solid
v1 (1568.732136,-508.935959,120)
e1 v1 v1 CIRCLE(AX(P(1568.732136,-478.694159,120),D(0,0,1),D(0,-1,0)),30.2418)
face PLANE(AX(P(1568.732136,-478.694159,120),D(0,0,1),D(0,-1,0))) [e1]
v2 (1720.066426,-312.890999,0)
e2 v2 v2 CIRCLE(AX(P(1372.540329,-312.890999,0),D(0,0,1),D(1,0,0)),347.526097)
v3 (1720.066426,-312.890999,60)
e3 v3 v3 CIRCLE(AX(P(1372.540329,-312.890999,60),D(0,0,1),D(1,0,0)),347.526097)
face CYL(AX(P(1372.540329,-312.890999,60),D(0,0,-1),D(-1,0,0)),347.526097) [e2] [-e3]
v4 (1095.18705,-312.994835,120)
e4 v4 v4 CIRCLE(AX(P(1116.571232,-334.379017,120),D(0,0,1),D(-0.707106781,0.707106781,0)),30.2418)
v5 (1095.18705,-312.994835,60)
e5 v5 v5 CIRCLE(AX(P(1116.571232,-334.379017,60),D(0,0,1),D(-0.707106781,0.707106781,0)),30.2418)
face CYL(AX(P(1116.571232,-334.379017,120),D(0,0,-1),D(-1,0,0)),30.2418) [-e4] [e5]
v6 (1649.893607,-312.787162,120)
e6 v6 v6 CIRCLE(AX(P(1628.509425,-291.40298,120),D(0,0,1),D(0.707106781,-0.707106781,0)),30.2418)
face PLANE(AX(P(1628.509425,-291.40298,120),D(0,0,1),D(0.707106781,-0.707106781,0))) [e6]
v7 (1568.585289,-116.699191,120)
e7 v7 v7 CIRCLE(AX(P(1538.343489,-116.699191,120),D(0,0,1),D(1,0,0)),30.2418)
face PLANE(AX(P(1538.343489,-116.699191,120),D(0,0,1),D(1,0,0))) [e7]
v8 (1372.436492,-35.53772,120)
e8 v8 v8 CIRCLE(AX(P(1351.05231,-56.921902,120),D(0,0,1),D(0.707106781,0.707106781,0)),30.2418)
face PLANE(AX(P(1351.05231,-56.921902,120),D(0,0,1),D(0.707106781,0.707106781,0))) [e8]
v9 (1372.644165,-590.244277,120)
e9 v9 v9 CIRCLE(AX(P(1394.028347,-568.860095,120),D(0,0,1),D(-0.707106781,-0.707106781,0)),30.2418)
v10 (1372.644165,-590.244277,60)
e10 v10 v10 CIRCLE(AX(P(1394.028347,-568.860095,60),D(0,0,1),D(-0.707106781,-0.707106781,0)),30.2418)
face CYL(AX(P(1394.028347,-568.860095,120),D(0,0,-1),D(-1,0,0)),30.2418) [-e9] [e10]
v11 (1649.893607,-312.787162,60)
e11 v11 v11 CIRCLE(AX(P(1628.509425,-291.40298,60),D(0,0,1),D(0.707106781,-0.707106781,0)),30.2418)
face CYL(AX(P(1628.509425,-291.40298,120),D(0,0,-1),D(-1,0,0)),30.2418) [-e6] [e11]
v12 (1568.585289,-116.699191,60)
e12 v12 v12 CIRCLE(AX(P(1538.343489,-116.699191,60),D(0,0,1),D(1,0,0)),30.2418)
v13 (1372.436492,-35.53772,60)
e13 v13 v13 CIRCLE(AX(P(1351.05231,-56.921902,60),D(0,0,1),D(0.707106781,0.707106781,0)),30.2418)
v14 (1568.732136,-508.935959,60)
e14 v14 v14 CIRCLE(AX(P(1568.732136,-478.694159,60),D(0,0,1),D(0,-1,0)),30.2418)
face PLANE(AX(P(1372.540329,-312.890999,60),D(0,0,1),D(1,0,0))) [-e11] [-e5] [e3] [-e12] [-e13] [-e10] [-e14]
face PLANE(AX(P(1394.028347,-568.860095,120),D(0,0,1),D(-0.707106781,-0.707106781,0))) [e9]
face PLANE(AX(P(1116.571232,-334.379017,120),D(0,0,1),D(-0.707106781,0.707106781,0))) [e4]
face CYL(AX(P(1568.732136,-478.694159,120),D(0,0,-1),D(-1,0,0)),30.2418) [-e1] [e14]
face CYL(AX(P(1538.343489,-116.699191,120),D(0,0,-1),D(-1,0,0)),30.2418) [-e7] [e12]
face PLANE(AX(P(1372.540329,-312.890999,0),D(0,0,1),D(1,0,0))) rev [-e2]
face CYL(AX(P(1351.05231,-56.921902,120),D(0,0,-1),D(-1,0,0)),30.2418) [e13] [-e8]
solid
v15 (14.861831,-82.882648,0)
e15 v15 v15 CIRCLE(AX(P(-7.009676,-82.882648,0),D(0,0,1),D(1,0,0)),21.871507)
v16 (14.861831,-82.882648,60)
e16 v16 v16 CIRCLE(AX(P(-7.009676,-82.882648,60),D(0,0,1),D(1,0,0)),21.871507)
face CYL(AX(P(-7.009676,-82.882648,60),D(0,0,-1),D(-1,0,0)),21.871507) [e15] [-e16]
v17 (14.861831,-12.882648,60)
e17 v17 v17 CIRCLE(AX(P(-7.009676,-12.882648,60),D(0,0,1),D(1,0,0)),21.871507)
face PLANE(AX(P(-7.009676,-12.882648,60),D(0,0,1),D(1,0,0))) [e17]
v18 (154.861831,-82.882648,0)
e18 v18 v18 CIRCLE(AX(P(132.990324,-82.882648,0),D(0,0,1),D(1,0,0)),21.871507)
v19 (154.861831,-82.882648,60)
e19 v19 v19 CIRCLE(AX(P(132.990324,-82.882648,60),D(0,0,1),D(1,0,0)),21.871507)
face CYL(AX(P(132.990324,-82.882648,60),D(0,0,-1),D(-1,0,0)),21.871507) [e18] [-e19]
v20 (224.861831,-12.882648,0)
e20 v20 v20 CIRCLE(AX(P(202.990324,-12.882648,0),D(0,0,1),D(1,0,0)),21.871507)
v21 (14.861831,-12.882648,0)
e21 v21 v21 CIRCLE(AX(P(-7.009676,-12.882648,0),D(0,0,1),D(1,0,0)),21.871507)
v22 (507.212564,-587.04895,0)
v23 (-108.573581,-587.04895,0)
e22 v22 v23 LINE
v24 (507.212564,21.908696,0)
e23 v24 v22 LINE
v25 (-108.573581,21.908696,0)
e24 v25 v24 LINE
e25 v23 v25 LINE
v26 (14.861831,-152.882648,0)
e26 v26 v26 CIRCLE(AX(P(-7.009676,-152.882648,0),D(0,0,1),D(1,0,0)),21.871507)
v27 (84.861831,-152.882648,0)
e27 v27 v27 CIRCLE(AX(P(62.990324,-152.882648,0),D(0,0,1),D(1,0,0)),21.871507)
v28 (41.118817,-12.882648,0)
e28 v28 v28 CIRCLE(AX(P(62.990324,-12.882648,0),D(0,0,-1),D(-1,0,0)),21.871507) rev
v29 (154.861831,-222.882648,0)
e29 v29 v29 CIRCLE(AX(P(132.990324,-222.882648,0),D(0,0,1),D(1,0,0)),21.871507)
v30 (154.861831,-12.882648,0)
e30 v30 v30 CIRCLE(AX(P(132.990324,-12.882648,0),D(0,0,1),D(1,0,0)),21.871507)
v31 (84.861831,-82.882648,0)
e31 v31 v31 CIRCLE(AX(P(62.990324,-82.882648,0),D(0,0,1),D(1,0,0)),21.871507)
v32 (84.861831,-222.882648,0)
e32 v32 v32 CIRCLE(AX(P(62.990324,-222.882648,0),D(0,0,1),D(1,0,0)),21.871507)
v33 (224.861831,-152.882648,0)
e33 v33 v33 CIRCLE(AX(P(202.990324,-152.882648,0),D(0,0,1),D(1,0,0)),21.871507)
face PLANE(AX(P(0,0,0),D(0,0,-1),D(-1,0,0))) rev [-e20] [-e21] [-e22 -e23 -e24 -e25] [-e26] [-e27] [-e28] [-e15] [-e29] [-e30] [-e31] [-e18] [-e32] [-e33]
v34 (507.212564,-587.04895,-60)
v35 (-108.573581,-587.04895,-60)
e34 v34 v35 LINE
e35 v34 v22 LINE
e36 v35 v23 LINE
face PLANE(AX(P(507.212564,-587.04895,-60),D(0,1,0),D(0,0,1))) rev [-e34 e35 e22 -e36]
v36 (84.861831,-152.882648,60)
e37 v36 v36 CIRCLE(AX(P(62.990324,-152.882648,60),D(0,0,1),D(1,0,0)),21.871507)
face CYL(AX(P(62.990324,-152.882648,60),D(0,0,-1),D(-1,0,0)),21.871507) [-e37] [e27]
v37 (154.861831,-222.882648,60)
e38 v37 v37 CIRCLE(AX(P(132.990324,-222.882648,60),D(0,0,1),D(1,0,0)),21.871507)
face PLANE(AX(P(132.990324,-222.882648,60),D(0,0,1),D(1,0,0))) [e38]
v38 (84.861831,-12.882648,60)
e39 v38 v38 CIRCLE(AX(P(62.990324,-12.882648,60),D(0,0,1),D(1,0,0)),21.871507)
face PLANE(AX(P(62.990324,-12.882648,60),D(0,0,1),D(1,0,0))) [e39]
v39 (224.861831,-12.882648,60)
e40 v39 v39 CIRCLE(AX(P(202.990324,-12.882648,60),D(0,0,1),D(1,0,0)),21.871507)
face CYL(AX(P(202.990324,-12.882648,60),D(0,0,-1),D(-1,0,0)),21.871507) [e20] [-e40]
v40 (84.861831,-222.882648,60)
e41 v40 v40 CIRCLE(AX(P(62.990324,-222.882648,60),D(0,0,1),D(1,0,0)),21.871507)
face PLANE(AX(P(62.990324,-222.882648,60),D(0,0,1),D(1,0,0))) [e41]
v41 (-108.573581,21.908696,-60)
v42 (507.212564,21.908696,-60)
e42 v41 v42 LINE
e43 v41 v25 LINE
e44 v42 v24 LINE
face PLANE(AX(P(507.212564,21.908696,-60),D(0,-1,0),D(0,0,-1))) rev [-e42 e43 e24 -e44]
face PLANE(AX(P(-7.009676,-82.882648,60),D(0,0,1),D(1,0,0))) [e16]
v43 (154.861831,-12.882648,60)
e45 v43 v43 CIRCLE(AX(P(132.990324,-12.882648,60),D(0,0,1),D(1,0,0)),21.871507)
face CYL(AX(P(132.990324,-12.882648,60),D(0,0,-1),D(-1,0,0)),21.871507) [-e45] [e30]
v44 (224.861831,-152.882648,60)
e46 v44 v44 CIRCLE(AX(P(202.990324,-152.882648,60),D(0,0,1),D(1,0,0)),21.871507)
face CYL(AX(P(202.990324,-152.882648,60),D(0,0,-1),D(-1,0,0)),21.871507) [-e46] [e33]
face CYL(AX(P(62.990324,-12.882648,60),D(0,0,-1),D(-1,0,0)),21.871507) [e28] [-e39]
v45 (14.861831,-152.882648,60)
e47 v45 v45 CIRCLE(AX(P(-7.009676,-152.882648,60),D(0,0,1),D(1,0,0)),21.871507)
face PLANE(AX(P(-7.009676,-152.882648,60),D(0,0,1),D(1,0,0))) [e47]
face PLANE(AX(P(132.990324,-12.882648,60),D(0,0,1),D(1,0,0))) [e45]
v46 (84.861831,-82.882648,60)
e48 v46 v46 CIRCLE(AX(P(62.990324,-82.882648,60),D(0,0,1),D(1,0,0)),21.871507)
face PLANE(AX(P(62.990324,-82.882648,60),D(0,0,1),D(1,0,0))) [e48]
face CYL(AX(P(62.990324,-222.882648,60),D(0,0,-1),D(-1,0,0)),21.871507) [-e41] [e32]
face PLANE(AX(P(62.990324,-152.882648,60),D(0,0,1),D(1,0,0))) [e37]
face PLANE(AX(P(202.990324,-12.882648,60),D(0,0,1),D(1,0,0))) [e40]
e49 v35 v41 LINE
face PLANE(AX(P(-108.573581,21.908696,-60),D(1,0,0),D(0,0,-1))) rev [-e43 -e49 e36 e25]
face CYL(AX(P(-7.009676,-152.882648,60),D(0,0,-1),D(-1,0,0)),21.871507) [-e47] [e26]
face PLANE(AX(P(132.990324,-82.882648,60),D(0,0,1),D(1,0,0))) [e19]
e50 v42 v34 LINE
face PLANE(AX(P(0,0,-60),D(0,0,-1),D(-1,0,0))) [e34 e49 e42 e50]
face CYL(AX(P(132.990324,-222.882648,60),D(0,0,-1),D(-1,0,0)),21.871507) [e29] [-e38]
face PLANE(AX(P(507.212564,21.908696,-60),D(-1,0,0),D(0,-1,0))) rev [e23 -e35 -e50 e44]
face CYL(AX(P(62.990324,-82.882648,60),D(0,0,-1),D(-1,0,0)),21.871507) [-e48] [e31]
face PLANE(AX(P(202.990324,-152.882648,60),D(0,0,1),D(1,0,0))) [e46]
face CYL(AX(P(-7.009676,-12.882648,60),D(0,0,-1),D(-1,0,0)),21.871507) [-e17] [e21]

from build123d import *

# Parameters (mm, degrees)
SKETCH_1_R                  = 21.871507145
EXTRUDE_1_DEPTH             = 60
SKETCH_2_W                  = 615.786145386
SKETCH_2_H                  = 608.957645948
EXTRUDE_2_DEPTH             = 60
PATTERN_LINEAR_1_COUNT      = 4
PATTERN_LINEAR_1_PITCH      = 70
PATTERN_LINEAR_1_COUNT_DIR2 = 4
PATTERN_LINEAR_1_PITCH_DIR2 = 70
SKETCH_3_R                  = 347.526096985
EXTRUDE_3_DEPTH             = 60
SKETCH_4_R                  = 30.241800189
EXTRUDE_4_DEPTH             = 60
PATTERN_CIRCULAR_1_COUNT    = 8


with BuildPart() as part:
    # 스케치1 → 보스-돌출1 (new body)
    with BuildSketch(Plane.XY):
        with Locations((-7.009675974, -12.882647736)):
            Circle(SKETCH_1_R)
    extrude_1 = extrude(amount=EXTRUDE_1_DEPTH)

    # 스케치2 → 보스-돌출2 (add)
    with BuildSketch(Plane(origin=(0, 0, 0), x_dir=(-1, 0, 0), z_dir=(0, 0, -1))):
        with Locations((-199.319491443, -282.570126777)):
            Rectangle(SKETCH_2_W, SKETCH_2_H)
    extrude(amount=EXTRUDE_2_DEPTH)

    # 선형 패턴1: Extrude 1 4 × 4, 4 skipped
    with Locations(*[(i * PATTERN_LINEAR_1_PITCH, -j * PATTERN_LINEAR_1_PITCH_DIR2, 0) for i in range(PATTERN_LINEAR_1_COUNT) for j in range(PATTERN_LINEAR_1_COUNT_DIR2) if (i, j) not in ((0, 0), (0, 3), (2, 2), (3, 1), (3, 3))]):
        add(extrude_1)


with BuildPart() as body_2:
    # 스케치3 → 보스-돌출3 (new body)
    with BuildSketch(Plane.XY):
        with Locations((1372.540328565, -312.890998646)):
            Circle(SKETCH_3_R)
    extrude(amount=EXTRUDE_3_DEPTH)

    # 스케치4 → 보스-돌출4 (add)
    with BuildSketch(Plane.XY.offset(60)):
        with Locations((1538.343488855, -116.699191153)):
            Circle(SKETCH_4_R)
    extrude_4 = extrude(amount=EXTRUDE_4_DEPTH)

    # 원형 패턴1: 보스-돌출4 ×8 about axis, 2 skipped
    pattern_circular_1_axis = Axis((1372.540328565, -312.890998646, 0), (0, 0, 1))
    add([extrude_4.rotate(pattern_circular_1_axis, i * 360 / PATTERN_CIRCULAR_1_COUNT) for i in range(1, PATTERN_CIRCULAR_1_COUNT) if i not in (2, 4)])


solid = Compound([part.part, body_2.part])
